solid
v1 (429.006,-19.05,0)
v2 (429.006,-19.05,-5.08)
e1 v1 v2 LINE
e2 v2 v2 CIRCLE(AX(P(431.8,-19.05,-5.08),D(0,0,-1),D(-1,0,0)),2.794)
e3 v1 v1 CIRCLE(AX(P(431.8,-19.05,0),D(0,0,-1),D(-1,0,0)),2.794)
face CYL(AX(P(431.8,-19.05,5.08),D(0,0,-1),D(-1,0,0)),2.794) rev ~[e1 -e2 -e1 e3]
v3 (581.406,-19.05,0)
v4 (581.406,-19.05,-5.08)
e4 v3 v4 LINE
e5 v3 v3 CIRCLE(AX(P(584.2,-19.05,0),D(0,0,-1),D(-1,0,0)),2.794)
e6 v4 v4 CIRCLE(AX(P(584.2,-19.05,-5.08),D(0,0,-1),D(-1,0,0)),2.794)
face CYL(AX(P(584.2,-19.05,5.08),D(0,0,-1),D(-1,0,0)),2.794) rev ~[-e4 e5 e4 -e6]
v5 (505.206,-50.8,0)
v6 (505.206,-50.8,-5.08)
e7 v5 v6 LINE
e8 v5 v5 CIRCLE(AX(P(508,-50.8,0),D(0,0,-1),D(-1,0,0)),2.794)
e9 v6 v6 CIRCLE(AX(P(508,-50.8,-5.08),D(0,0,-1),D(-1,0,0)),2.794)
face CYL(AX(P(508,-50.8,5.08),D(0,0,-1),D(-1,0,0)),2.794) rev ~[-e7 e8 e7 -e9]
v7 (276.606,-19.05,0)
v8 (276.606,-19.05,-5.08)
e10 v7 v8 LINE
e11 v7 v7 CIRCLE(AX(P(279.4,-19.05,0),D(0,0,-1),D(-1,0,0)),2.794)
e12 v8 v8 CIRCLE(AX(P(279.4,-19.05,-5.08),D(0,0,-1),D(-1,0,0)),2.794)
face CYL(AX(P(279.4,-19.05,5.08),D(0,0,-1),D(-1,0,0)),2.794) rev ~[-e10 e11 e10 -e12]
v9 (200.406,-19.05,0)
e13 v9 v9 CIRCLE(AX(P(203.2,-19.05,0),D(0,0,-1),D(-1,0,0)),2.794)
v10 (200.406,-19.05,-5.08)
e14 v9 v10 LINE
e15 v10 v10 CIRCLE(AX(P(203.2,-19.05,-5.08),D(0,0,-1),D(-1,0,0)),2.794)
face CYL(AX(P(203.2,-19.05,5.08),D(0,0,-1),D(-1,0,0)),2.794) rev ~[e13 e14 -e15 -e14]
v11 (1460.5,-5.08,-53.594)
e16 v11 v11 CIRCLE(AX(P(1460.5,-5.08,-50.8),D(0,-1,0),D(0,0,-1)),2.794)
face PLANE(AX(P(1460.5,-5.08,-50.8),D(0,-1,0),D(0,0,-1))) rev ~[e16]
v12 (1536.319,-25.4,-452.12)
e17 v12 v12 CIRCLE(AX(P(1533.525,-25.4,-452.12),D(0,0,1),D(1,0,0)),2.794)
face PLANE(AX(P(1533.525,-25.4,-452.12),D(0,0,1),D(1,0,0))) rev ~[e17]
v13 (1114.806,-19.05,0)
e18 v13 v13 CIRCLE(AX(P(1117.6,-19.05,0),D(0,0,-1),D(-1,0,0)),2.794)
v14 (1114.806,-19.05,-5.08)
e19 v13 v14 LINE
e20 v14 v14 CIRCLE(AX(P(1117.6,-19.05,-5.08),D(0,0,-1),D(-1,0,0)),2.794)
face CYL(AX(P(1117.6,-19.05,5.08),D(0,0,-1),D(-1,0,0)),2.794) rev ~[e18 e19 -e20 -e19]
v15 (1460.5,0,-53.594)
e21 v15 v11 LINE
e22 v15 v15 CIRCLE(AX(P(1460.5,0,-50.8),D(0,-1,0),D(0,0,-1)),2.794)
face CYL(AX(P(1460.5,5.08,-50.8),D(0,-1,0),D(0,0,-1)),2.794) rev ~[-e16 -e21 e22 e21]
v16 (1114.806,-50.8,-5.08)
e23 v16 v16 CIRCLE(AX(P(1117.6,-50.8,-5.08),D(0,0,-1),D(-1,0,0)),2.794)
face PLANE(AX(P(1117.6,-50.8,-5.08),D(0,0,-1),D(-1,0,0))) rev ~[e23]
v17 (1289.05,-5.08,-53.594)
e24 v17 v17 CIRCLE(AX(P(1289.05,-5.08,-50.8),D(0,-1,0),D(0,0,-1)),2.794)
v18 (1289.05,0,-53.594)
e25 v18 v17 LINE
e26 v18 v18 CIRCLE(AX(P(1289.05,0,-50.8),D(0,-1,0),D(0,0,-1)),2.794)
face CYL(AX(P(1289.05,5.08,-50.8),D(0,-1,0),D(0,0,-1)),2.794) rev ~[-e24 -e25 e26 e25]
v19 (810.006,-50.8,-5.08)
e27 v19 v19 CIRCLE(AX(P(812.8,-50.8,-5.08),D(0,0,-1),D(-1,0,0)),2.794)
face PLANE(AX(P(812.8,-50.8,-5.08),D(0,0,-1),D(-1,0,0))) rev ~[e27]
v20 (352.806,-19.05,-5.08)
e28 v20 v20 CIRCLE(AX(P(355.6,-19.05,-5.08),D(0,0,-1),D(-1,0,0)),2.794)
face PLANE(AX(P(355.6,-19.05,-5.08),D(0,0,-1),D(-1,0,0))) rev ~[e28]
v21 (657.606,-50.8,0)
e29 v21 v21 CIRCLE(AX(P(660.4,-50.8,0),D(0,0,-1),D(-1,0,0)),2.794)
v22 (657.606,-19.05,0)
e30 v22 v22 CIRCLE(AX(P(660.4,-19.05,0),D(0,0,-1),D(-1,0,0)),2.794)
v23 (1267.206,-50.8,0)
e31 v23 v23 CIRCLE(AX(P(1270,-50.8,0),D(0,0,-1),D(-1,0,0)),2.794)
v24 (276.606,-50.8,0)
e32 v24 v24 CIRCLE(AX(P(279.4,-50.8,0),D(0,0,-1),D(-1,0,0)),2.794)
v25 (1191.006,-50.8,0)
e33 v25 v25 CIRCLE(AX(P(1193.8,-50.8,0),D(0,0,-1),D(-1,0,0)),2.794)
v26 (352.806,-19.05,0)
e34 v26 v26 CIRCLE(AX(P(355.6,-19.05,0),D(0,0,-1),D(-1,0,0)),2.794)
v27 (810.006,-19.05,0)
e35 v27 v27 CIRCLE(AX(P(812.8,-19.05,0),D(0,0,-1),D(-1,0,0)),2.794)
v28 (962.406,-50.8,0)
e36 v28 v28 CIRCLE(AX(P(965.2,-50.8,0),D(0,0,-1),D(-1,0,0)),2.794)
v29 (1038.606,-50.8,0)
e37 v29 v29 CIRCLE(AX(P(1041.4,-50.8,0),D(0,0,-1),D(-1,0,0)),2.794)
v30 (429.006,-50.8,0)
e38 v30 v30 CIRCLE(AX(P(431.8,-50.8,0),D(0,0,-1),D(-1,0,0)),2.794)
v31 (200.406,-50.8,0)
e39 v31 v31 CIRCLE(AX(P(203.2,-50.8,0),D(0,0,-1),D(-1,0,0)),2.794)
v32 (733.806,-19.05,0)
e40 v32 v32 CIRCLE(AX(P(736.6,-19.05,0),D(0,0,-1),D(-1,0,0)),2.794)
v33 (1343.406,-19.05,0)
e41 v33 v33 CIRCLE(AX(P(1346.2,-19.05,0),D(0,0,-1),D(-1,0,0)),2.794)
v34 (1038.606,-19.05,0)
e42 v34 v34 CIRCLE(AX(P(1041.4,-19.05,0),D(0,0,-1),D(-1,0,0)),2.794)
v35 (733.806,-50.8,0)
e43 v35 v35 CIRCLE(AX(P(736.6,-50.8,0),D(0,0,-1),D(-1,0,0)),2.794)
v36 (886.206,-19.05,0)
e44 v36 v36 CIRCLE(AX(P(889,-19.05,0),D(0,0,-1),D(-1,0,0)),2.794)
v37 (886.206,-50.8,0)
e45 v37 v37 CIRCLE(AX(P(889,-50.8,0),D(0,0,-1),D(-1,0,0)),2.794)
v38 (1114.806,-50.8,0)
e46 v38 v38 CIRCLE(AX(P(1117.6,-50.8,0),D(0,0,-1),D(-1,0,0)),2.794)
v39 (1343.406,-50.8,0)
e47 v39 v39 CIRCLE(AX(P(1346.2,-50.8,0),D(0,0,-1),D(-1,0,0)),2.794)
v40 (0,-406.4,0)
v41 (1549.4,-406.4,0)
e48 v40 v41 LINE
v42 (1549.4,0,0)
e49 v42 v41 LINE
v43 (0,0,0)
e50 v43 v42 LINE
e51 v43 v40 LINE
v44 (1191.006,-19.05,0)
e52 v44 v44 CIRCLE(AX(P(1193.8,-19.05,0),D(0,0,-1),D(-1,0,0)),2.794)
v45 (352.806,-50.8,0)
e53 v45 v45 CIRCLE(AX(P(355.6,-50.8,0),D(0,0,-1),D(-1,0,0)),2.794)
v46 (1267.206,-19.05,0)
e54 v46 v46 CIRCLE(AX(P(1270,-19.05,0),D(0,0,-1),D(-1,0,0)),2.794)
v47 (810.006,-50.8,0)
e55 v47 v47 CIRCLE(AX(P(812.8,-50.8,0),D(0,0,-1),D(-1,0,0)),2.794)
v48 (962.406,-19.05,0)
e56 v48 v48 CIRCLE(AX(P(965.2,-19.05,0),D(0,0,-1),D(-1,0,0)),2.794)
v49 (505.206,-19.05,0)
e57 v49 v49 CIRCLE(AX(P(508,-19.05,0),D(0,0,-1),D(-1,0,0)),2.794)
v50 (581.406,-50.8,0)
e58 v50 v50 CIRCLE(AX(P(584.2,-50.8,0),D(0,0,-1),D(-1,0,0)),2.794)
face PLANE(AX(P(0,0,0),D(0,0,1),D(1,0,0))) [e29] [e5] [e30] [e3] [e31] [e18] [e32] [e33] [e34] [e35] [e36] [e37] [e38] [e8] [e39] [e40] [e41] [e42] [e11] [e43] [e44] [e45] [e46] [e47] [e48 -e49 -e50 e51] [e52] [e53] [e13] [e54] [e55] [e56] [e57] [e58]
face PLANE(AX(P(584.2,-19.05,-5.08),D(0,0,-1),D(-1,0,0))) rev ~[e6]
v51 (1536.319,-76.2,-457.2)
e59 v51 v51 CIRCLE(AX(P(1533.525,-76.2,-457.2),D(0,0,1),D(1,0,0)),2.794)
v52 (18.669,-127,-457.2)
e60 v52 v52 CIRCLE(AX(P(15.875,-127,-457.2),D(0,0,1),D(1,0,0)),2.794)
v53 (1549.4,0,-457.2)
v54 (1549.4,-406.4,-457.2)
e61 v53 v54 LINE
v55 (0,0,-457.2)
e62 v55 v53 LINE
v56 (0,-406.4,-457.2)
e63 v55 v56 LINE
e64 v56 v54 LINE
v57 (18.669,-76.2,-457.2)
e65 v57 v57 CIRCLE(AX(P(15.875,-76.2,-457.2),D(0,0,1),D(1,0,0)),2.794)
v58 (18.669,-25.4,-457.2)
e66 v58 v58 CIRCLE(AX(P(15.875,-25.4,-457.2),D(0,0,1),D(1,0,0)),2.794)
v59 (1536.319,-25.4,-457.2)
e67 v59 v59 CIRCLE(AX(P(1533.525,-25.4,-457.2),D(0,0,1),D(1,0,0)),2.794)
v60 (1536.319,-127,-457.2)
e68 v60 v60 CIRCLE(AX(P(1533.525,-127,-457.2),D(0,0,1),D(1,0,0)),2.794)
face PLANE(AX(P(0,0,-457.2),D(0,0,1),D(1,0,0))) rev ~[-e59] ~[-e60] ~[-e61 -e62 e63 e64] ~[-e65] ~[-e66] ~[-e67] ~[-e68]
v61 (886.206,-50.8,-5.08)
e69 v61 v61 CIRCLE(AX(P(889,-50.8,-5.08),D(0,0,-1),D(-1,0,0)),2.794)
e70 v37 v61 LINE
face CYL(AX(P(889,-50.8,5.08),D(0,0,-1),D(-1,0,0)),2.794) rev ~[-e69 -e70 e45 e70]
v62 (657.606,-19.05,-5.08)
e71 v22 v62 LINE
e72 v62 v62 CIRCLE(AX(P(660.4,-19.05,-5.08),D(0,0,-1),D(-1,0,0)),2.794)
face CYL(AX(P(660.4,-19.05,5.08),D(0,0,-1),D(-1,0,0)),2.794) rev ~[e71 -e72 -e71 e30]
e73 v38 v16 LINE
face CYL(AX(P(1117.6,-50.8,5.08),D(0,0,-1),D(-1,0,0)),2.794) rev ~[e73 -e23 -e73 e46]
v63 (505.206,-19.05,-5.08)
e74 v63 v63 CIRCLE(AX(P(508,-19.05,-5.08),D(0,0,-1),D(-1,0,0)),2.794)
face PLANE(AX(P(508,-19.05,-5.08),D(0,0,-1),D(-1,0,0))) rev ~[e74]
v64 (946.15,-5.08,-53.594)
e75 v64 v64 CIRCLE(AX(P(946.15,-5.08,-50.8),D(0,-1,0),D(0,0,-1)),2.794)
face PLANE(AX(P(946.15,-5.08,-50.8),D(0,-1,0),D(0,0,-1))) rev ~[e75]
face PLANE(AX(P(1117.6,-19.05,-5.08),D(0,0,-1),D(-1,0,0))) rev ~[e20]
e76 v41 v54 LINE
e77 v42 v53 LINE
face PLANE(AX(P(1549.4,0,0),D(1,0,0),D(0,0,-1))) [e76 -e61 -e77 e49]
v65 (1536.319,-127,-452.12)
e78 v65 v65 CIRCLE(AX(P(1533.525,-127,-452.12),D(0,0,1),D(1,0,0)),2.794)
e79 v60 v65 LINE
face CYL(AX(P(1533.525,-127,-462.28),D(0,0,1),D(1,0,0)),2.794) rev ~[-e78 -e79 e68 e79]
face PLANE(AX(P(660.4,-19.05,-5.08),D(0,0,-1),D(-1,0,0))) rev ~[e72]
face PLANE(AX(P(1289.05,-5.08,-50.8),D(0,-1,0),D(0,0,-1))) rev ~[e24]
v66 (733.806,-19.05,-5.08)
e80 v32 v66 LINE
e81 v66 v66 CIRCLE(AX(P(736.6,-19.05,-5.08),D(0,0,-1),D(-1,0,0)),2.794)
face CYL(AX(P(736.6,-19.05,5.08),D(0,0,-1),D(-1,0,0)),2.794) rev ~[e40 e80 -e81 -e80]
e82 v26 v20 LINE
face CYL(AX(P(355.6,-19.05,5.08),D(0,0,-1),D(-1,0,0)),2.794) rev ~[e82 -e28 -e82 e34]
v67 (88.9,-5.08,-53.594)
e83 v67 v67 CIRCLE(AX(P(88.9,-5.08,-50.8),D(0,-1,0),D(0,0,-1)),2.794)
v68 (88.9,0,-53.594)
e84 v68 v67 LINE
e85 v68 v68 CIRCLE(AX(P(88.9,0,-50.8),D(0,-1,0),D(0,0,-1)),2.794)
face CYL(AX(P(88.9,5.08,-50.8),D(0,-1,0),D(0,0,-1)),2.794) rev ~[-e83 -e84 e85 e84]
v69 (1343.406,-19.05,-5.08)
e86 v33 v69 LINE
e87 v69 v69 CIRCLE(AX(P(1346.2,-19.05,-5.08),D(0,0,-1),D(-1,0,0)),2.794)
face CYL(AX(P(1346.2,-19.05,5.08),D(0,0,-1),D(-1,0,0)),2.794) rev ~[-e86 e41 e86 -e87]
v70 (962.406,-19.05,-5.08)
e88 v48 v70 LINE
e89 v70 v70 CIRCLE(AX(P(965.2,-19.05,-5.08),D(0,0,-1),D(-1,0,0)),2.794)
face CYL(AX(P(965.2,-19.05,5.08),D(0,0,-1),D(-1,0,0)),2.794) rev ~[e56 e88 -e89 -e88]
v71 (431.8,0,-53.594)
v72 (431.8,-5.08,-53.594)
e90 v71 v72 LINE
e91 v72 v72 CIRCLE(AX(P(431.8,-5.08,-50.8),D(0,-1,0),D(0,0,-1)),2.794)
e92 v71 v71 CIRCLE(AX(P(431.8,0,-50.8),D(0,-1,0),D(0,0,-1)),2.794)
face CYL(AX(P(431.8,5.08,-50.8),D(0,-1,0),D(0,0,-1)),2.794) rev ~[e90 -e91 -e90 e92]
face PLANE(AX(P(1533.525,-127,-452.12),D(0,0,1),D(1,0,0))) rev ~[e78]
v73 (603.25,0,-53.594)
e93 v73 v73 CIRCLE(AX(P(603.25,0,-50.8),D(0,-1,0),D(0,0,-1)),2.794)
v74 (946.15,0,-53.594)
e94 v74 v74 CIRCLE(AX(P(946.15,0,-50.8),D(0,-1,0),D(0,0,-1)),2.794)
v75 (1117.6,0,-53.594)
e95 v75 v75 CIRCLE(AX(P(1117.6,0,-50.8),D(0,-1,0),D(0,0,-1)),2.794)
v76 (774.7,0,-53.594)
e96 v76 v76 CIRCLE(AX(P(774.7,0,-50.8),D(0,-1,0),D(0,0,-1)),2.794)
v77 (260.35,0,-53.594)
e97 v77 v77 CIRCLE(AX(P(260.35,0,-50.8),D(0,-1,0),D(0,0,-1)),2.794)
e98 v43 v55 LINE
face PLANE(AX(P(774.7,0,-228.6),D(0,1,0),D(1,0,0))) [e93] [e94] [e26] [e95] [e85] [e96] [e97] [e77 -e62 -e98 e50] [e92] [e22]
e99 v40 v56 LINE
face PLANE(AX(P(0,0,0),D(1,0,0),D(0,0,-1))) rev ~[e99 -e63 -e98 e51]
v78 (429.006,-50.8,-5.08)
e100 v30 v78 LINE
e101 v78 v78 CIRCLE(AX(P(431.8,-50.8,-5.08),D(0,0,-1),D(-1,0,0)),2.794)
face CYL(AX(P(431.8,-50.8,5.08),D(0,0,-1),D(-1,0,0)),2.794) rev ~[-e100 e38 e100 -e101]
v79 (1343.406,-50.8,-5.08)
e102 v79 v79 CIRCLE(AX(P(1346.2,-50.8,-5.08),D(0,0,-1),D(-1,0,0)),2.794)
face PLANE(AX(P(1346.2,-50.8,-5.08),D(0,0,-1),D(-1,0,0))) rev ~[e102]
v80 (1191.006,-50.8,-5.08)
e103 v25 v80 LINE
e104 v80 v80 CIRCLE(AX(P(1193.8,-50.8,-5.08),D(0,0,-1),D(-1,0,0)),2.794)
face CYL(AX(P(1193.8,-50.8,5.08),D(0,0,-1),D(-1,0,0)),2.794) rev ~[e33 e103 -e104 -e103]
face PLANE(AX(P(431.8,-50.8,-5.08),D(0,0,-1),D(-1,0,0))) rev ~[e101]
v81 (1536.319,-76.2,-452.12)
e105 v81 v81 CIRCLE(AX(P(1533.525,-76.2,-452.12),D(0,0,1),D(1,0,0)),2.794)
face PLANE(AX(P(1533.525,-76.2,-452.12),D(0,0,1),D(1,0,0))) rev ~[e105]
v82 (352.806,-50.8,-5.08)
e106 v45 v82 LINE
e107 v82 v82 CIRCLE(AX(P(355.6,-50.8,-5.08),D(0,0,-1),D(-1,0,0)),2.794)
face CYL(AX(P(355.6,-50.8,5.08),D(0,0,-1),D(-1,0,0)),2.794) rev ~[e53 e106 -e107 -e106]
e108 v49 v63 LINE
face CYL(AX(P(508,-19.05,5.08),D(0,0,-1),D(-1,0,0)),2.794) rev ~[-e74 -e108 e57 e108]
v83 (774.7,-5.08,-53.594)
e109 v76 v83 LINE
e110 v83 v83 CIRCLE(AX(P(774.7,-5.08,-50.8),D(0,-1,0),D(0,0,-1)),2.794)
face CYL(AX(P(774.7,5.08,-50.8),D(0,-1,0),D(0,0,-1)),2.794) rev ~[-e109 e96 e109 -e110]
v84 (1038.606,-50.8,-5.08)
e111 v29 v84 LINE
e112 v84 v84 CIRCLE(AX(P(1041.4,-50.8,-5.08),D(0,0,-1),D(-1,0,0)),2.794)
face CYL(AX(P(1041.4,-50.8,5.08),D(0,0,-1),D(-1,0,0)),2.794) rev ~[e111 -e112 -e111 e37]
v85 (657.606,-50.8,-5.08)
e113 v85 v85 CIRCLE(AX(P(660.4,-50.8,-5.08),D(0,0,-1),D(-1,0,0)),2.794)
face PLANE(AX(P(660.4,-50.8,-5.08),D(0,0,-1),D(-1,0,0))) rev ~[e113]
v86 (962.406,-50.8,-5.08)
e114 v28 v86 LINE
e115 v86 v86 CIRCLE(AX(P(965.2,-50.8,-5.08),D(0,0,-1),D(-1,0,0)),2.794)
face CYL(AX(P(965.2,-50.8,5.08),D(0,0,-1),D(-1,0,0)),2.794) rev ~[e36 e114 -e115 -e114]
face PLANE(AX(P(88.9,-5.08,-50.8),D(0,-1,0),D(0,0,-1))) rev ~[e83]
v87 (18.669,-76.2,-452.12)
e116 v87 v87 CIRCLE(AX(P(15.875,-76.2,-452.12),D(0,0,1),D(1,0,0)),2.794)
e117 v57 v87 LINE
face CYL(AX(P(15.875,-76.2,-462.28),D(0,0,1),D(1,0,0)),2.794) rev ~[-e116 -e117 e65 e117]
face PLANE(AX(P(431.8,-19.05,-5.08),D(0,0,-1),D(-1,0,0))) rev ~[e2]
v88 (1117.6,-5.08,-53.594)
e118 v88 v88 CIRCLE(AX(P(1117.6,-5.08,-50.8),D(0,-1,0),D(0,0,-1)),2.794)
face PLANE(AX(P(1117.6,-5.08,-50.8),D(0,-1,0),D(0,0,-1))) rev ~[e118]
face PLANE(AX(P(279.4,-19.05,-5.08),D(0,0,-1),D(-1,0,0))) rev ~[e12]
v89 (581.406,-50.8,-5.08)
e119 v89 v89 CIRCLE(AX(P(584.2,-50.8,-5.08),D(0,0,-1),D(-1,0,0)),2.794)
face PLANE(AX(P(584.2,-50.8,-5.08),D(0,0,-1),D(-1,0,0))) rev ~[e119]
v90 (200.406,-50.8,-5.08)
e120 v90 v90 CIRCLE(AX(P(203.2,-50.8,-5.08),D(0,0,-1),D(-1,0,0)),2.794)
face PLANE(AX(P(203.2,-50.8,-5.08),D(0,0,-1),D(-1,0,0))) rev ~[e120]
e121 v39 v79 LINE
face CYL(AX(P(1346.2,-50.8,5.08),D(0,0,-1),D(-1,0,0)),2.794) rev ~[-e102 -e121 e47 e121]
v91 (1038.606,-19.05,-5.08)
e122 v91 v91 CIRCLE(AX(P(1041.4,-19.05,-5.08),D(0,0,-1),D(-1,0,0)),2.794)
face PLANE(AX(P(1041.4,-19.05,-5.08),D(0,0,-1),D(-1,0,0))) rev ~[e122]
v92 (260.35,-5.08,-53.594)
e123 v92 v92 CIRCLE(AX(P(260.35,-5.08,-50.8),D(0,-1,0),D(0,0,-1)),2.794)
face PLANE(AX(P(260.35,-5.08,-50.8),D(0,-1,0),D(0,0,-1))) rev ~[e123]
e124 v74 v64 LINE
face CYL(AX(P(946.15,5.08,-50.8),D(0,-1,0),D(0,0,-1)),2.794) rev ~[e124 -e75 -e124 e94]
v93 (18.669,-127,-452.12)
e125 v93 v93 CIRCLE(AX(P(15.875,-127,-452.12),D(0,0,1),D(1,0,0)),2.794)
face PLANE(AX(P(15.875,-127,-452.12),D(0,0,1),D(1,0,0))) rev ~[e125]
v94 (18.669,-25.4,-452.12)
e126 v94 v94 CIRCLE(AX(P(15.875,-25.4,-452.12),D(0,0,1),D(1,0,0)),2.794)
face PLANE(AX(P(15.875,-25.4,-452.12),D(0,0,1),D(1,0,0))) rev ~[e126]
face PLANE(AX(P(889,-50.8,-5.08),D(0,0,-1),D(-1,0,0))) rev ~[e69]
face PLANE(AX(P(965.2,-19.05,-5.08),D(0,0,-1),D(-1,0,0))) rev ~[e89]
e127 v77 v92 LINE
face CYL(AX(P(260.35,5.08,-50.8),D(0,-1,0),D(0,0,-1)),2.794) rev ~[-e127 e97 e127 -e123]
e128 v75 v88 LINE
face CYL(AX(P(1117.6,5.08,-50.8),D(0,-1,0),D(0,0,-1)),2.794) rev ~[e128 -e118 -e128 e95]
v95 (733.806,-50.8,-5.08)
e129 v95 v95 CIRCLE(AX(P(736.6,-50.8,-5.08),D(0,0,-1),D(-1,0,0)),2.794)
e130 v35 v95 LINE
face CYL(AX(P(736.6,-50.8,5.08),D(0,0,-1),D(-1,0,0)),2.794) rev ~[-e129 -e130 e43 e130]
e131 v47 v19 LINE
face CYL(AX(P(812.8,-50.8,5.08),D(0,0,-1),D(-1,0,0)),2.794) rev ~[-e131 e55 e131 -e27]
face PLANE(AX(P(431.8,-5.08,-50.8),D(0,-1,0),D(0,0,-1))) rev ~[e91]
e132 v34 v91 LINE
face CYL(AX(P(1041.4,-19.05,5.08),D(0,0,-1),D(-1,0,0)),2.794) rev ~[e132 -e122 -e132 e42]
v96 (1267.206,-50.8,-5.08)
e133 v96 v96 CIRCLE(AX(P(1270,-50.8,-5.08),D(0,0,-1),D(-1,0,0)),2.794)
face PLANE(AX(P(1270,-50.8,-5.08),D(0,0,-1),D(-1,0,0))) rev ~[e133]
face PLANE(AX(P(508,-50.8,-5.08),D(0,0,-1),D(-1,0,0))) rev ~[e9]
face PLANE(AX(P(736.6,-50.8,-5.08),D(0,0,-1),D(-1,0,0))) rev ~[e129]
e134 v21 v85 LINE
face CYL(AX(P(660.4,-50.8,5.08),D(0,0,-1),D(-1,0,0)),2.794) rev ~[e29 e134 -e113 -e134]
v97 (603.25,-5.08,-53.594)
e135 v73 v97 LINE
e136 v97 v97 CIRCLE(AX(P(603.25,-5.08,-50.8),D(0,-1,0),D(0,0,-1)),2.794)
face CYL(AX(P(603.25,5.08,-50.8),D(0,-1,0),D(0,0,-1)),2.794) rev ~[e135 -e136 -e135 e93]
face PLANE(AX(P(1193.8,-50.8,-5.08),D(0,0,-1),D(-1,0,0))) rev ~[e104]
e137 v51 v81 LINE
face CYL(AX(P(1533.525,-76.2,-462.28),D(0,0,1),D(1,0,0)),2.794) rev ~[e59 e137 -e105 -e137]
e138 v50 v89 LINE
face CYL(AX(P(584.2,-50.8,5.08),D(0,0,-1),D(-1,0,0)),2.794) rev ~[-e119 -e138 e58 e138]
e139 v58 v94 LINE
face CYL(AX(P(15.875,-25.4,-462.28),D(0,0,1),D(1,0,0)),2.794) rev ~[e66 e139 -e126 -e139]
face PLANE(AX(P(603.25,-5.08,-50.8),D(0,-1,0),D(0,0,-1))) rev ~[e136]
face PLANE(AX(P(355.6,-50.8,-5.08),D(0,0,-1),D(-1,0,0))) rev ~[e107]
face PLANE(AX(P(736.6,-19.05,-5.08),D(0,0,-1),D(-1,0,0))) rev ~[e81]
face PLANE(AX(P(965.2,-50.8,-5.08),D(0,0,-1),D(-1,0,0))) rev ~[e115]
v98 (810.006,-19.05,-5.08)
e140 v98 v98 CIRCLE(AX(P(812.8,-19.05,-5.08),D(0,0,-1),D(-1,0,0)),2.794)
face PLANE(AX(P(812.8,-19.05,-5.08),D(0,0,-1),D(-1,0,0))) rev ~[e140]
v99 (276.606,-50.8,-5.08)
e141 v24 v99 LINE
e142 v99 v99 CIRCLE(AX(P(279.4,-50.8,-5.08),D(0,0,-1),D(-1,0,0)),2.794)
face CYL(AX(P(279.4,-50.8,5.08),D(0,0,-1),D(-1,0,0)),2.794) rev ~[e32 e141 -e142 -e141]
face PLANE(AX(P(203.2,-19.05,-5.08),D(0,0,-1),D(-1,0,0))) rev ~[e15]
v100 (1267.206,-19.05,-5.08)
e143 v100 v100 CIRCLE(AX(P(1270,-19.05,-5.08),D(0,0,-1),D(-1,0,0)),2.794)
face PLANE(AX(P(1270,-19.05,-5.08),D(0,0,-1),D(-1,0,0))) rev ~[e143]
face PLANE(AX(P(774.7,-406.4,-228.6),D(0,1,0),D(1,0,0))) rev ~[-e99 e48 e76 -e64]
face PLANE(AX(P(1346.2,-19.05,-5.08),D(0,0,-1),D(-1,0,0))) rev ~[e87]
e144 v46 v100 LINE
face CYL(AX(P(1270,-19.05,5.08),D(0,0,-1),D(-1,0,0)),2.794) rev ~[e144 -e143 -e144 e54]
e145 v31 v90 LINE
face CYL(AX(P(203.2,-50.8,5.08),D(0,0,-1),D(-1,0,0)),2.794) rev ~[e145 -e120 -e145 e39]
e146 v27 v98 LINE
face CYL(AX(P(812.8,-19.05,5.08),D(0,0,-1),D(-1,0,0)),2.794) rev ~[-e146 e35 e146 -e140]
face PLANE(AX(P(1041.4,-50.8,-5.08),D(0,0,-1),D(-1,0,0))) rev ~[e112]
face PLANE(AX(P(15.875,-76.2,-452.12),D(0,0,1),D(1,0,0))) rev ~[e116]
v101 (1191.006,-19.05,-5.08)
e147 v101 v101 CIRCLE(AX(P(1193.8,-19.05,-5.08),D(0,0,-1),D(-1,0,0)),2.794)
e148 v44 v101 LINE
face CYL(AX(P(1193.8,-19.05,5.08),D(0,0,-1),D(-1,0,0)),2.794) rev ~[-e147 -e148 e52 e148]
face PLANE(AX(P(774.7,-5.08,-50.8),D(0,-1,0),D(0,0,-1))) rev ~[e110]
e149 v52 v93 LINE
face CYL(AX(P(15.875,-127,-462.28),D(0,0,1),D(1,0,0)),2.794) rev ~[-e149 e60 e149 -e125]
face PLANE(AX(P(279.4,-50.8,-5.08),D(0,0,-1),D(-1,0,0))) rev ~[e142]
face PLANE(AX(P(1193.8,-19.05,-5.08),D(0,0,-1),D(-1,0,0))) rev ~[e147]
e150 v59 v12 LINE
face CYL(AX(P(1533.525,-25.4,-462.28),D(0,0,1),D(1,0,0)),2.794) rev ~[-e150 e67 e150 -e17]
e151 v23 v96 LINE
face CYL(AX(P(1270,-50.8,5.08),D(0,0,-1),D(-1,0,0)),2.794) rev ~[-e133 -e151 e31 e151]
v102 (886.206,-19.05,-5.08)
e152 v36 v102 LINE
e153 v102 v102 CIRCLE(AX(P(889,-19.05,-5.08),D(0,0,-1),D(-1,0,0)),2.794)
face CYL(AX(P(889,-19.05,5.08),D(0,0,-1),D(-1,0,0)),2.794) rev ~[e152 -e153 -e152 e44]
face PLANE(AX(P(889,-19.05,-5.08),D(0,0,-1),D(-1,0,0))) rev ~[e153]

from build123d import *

# Parameters (mm, degrees)
SKETCH1_W           = 1549.4
SKETCH1_H           = 457.2
BOSS_EXTRUDE1_DEPTH = 406.4
HOLE1_D             = 5.588
HOLE1_DEPTH         = 5.08
LPATTERN1_COUNT     = 3
LPATTERN1_PITCH     = 50.8
HOLE2_D             = 5.588
HOLE2_DEPTH         = 5.08
LPATTERN2_COUNT     = 16
LPATTERN2_PITCH     = 76.2
HOLE3_D             = 5.588
HOLE3_DEPTH         = 5.08
LPATTERN3_COUNT     = 9
LPATTERN3_PITCH     = 171.45


with BuildPart() as part:
    # Sketch1 → Boss-Extrude1 (new body)
    with BuildSketch(Plane(origin=(0, 0, 0), x_dir=(1, 0, 0), z_dir=(0, 1, 0))):
        with Locations((774.7, 228.6)):
            Rectangle(SKETCH1_W, SKETCH1_H)
    extrude(amount=-BOSS_EXTRUDE1_DEPTH)

    # Hole1
    with Locations(Plane(origin=(15.875, -25.4, -457.2), x_dir=(-1, 0, 0), z_dir=(0, 0, -1))):
        with Locations((0, 0), (-1517.65, 0)):
            hole1 = Hole(HOLE1_D / 2, depth=HOLE1_DEPTH)

    # LPattern1: Hole1 ×3
    with Locations(*[(0, -i * LPATTERN1_PITCH, 0) for i in range(1, LPATTERN1_COUNT)]):
        add(hole1, mode=Mode.SUBTRACT)

    # Hole2
    with Locations(Plane(origin=(203.2, -19.05, 0), x_dir=(1, 0, 0), z_dir=(0, 0, 1))):
        with Locations((0, 0), (0, -31.75)):
            hole2 = Hole(HOLE2_D / 2, depth=HOLE2_DEPTH)

    # LPattern2: Hole2 ×16
    with Locations(*[(i * LPATTERN2_PITCH, 0, 0) for i in range(1, LPATTERN2_COUNT)]):
        add(hole2, mode=Mode.SUBTRACT)

    # Hole3
    with Locations(Plane(origin=(88.9, 0, -50.8), x_dir=(0, 0, 1), z_dir=(0, 1, 0))):
        with Locations((0, 0)):
            hole3 = Hole(HOLE3_D / 2, depth=HOLE3_DEPTH)

    # LPattern3: Hole3 ×9
    with Locations(*[(i * LPATTERN3_PITCH, 0, 0) for i in range(1, LPATTERN3_COUNT)]):
        add(hole3, mode=Mode.SUBTRACT)


solid = part.part
